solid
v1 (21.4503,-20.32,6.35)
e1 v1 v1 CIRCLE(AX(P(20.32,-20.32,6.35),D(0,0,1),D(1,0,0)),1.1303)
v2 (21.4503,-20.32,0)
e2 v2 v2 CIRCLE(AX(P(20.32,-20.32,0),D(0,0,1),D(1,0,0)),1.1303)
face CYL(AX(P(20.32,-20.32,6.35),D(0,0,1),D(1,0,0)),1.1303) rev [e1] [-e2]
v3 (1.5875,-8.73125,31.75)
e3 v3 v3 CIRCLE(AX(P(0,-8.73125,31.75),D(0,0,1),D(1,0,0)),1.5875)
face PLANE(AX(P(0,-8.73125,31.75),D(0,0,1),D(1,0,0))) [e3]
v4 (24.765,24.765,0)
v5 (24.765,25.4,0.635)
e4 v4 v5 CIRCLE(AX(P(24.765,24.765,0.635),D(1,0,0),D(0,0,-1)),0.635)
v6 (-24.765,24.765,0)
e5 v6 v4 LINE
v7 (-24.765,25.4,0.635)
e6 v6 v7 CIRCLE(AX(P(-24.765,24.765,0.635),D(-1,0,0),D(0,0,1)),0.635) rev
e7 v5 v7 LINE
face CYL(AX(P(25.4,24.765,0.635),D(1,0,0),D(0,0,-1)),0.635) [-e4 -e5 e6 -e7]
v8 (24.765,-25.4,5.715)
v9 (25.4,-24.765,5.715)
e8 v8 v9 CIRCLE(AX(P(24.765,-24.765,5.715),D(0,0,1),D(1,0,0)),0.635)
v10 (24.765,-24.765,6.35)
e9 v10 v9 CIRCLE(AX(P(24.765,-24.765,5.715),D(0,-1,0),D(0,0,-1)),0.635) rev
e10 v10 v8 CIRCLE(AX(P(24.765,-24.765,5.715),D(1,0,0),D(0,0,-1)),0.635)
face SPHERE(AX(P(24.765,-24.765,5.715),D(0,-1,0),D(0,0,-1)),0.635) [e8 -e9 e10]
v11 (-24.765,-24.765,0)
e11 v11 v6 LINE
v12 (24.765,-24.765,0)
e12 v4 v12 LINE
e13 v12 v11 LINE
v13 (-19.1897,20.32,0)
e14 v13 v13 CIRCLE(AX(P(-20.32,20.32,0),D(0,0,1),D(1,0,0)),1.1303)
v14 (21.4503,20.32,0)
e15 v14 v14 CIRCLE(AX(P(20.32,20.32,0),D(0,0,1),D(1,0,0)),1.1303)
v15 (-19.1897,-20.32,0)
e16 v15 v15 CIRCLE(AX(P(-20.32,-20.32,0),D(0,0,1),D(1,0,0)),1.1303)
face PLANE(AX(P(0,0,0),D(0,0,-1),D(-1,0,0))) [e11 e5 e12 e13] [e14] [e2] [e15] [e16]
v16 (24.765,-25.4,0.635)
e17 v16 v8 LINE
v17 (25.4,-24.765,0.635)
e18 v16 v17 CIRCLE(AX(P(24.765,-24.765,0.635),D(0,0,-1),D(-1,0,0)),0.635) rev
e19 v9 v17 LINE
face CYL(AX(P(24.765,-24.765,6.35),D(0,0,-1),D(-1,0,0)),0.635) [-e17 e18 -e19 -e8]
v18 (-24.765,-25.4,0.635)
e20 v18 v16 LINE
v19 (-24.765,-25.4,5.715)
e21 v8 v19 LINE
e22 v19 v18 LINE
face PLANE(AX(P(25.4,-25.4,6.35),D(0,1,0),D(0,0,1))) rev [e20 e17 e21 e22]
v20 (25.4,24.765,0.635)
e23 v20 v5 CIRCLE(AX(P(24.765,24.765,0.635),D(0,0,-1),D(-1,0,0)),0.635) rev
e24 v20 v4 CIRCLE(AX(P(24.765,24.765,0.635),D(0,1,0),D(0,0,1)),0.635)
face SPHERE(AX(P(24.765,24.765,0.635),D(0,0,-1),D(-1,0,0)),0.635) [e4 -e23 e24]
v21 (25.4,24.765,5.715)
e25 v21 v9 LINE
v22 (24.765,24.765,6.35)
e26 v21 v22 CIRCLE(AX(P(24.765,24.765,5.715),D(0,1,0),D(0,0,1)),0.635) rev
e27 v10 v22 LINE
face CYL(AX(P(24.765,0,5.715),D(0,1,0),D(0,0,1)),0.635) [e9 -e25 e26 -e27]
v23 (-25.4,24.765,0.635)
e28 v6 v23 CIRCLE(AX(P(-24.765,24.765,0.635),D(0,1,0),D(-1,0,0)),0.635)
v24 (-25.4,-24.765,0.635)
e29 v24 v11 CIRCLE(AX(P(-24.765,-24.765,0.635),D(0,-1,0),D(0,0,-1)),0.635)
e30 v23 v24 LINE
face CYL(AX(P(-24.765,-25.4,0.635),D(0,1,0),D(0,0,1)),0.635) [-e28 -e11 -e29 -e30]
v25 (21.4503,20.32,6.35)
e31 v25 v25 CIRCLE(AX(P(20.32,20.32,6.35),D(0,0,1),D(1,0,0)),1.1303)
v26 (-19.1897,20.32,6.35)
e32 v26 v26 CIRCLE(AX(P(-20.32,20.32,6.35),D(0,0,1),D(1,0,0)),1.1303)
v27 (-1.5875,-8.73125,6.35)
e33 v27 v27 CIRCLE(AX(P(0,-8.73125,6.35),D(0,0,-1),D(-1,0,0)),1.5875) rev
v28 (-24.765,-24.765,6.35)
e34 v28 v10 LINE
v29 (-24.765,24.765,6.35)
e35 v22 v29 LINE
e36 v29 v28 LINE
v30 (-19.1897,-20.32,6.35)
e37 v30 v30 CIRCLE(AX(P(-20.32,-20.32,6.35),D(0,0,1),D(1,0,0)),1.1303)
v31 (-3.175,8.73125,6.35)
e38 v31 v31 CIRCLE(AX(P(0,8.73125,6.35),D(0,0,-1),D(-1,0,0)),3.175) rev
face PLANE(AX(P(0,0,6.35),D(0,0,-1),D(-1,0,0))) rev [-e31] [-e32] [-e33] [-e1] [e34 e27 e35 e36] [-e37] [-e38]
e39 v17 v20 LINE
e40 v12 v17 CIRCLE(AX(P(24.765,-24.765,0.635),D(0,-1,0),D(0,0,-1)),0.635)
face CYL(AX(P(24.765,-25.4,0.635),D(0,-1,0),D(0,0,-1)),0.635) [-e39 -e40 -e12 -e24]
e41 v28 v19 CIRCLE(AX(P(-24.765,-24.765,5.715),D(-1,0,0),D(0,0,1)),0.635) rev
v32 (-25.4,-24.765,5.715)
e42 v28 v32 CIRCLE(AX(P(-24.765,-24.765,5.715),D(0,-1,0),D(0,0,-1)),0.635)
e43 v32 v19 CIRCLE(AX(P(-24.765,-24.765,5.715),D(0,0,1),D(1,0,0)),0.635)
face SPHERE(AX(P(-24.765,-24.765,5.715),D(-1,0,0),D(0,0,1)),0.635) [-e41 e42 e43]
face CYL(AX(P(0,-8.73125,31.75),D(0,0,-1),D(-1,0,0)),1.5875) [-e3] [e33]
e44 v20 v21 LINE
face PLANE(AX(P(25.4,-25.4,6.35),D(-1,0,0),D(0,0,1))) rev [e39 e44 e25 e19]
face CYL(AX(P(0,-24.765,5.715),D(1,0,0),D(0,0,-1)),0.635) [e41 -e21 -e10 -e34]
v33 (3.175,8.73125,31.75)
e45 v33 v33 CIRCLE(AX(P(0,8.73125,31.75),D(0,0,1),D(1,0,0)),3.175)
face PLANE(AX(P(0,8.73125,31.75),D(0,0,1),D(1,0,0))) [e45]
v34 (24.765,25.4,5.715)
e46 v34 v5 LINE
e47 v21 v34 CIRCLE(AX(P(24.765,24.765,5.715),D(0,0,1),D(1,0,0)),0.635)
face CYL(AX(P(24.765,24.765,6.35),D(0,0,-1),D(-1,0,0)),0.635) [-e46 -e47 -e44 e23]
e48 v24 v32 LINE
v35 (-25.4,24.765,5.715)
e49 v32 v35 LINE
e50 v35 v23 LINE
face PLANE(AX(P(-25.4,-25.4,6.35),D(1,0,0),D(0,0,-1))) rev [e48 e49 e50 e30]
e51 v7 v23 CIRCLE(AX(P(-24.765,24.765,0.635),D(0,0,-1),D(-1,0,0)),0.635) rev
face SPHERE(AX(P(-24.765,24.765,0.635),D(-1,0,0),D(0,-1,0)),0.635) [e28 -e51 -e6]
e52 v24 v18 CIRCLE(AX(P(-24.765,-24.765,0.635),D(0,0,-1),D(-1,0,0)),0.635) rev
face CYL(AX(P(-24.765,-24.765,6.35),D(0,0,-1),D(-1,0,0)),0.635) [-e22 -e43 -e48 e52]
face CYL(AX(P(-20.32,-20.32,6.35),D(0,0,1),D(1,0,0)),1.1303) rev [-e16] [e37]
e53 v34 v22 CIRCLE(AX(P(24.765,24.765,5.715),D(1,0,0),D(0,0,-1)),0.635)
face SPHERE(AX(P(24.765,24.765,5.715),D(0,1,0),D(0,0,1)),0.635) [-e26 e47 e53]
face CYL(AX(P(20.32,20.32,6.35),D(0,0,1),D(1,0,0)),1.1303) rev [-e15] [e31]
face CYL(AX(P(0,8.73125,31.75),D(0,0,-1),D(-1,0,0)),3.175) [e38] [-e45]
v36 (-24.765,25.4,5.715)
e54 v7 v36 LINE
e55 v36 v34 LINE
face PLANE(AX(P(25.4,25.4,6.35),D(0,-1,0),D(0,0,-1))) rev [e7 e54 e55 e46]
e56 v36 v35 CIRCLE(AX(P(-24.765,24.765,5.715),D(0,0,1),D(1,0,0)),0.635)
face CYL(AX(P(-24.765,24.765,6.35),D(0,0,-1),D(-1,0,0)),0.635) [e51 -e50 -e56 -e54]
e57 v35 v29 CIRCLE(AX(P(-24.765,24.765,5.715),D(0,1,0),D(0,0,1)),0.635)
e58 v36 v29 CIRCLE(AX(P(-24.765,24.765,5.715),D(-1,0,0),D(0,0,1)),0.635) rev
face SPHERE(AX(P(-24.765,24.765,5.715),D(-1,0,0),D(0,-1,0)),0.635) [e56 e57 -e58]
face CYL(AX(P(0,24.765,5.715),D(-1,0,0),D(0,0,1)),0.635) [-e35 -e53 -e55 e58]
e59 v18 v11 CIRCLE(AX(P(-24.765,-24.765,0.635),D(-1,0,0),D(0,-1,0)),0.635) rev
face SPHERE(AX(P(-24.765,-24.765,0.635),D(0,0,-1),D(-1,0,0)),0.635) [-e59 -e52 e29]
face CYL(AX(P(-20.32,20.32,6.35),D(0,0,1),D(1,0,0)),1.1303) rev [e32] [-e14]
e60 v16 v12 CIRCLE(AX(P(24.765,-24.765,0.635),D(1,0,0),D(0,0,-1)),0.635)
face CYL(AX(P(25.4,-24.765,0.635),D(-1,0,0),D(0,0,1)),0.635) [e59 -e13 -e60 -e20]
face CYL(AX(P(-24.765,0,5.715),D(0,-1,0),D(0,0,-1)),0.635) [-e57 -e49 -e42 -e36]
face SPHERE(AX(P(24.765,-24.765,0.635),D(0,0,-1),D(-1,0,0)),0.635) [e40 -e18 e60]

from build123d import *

# Parameters (mm, degrees)
SKETCH1_W             = 50.8
SKETCH1_H             = 50.8
BOSS_EXTRUDE1_DEPTH   = 6.35
SKETCH2_R             = 1.5875
SKETCH2_R_2           = 3.175
BOSS_EXTRUDE2_DEPTH   = 25.4
F_4_40_TAPPED_HOLE1_D = 2.2606
FILLET1_R             = 0.635


with BuildPart() as part:
    # Sketch1 → Boss-Extrude1 (new body)
    with BuildSketch(Plane(origin=(0, 0, 0), x_dir=(0, 1, 0), z_dir=(0, 0, 1))):
        Rectangle(SKETCH1_W, SKETCH1_H)
    extrude(amount=BOSS_EXTRUDE1_DEPTH)

    # Sketch2 → Boss-Extrude2 (add)
    with BuildSketch(Plane.XY.offset(6.35)):
        with Locations(Location((0, -8.73125, 0), (0, 0, 180))):
            Circle(SKETCH2_R)
        with Locations(Location((0, 8.73125, 0), (0, 0, 180))):
            Circle(SKETCH2_R_2)
    extrude(amount=BOSS_EXTRUDE2_DEPTH)

    # #4-40 Tapped Hole1 (through all)
    with Locations(Plane.XY.offset(6.35)):
        with Locations((-20.32, -20.32), (-20.32, 20.32), (20.32, 20.32), (20.32, -20.32)):
            Hole(F_4_40_TAPPED_HOLE1_D / 2)

    # Fillet1
    fillet1_edges = [part.edges().sort_by_distance(p)[0] for p in [
        (0, -25.4, 6.35),
        (25.4, 0, 6.35),
        (0, 25.4, 6.35),
        (25.4, 0, 0),
        (0, -25.4, 0),
        (-25.4, 0, 0),
        (0, 25.4, 0),
        (25.4, 25.4, 3.175),
        (25.4, -25.4, 3.175),
        (-25.4, -25.4, 3.175),
        (-25.4, 25.4, 3.175),
        (-25.4, 0, 6.35),
    ]]
    fillet(fillet1_edges, radius=FILLET1_R)


solid = part.part
